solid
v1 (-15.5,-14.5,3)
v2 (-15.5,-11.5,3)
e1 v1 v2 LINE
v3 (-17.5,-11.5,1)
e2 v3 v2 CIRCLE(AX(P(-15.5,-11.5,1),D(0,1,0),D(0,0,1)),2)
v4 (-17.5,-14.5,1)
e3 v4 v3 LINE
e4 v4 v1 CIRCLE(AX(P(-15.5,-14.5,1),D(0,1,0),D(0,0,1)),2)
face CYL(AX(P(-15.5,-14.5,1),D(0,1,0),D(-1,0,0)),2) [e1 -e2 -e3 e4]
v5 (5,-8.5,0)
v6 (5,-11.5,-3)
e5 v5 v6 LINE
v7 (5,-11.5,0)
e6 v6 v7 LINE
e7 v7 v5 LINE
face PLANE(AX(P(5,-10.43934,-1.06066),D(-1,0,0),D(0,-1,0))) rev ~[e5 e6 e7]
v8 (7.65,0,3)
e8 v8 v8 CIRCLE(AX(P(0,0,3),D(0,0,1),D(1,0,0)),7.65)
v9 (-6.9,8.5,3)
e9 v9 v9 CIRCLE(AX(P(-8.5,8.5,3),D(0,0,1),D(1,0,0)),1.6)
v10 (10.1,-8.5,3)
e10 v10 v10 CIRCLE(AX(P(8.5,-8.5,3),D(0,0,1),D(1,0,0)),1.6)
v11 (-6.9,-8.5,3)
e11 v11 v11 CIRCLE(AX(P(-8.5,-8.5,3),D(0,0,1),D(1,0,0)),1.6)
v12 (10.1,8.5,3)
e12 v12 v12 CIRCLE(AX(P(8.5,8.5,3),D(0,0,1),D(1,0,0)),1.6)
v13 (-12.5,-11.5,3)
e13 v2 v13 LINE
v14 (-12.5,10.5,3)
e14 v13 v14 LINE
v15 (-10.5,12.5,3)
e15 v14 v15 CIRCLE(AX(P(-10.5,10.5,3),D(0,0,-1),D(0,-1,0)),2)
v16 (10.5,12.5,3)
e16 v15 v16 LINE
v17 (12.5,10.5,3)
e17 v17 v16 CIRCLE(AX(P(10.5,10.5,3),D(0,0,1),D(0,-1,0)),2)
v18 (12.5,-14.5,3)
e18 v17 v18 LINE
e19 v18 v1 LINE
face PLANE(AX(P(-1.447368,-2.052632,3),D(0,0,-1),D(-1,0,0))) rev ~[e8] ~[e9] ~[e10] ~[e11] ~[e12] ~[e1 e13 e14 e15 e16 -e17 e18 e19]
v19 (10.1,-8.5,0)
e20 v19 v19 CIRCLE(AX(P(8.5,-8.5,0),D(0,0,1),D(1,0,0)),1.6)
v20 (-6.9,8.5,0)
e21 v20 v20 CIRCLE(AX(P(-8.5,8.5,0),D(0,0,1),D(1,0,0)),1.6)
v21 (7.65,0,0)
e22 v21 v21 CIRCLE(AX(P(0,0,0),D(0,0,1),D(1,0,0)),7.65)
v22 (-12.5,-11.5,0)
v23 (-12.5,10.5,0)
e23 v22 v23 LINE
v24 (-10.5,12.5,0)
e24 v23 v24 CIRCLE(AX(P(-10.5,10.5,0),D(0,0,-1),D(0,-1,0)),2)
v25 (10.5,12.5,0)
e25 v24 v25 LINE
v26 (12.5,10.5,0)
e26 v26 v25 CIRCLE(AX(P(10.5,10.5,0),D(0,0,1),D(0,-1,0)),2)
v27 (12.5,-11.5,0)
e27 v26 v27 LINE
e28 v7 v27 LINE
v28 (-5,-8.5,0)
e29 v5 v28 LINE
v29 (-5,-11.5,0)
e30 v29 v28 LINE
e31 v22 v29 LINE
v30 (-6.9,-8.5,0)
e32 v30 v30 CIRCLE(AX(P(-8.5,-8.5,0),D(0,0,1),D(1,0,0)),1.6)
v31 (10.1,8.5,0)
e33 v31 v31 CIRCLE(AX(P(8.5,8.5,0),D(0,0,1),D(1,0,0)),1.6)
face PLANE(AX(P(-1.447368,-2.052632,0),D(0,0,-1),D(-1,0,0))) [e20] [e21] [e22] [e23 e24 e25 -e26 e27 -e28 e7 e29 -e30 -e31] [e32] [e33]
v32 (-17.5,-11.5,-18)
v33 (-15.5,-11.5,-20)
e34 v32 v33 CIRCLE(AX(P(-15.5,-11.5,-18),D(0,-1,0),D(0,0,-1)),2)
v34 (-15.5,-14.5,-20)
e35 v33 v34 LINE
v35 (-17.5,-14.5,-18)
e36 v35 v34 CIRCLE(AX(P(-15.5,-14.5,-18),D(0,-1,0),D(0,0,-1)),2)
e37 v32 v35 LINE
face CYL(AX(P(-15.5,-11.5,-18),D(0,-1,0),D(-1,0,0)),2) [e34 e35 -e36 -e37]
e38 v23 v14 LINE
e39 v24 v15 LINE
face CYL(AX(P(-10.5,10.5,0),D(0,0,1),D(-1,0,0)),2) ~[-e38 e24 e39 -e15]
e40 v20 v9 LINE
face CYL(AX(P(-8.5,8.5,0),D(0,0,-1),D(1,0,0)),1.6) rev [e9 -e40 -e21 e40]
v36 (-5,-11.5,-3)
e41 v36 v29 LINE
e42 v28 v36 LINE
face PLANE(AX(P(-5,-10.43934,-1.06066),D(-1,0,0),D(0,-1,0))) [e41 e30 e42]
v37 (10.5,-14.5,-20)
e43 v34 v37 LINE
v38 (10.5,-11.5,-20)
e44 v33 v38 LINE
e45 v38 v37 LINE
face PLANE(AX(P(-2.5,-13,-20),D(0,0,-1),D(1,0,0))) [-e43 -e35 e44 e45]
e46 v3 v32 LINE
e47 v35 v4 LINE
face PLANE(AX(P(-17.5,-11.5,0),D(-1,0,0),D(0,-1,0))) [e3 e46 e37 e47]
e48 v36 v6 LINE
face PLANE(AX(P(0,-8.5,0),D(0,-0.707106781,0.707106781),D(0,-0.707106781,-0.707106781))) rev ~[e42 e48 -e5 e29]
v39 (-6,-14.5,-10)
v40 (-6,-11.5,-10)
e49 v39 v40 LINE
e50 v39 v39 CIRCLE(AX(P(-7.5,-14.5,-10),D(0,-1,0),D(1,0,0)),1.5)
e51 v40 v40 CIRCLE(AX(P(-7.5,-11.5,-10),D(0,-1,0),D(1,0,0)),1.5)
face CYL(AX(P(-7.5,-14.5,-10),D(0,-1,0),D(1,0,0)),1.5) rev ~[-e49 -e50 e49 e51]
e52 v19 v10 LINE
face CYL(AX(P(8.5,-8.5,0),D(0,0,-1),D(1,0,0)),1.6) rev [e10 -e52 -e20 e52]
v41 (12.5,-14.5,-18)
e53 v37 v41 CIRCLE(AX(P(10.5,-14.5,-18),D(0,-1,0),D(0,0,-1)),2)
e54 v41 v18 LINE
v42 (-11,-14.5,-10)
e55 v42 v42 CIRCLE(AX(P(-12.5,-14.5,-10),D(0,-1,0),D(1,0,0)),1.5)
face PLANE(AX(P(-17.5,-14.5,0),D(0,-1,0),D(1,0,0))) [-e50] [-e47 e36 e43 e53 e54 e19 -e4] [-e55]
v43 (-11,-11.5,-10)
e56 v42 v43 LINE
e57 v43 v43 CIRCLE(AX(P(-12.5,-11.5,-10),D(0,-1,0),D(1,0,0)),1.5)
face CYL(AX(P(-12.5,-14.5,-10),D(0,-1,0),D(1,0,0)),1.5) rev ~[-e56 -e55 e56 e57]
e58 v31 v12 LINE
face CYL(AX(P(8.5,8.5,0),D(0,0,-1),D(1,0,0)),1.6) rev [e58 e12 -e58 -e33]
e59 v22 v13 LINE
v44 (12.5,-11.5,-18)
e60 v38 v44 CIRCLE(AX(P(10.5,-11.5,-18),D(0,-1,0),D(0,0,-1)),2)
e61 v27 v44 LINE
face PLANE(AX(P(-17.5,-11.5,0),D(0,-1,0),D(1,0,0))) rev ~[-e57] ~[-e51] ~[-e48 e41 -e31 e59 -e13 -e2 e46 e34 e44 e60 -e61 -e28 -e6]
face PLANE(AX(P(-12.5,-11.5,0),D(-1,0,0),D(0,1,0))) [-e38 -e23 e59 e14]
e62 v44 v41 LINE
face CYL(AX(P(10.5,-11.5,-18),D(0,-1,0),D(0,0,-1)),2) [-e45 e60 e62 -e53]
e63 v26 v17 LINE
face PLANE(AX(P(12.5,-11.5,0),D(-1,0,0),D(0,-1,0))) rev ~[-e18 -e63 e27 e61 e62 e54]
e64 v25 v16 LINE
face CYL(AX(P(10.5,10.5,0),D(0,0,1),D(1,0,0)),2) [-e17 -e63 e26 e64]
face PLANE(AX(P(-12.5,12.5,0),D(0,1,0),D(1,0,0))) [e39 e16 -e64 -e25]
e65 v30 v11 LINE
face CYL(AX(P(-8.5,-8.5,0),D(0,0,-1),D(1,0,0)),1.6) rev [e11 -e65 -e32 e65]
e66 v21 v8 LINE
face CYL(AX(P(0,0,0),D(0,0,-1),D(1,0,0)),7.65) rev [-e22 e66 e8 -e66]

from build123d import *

# Parameters (mm, degrees)
SKETCH_R     = 7.65
SKETCH_R_2   = 1.6
PAD_DEPTH    = 3
SKETCH001_W  = 30
SKETCH001_H  = 3
PAD001_DEPTH = 20
SKETCH002_R  = 1.5
POCKET_DEPTH = 27.001
PAD002_DEPTH = 5
FILLET_R     = 2
FILLET001_R  = 2
FILLET002_R  = 2


with BuildPart() as part:
    # Sketch → Pad (new body)
    with BuildSketch(Plane.XY):
        Polygon((-12.5, -11.5), (-12.5, 12.5), (12.5, 12.5), (12.5, -14.5), (-17.5, -14.5), (-17.5, -11.5), align=None)
        Circle(SKETCH_R, mode=Mode.SUBTRACT)
        with Locations((-8.5, 8.5)):
            Circle(SKETCH_R_2, mode=Mode.SUBTRACT)
        with Locations((8.5, 8.5)):
            Circle(SKETCH_R_2, mode=Mode.SUBTRACT)
        with Locations((8.5, -8.5)):
            Circle(SKETCH_R_2, mode=Mode.SUBTRACT)
        with Locations((-8.5, -8.5)):
            Circle(SKETCH_R_2, mode=Mode.SUBTRACT)
    extrude(amount=PAD_DEPTH)

    # Sketch001 (on Face12 of Pad) → Pad001 (join)
    with BuildSketch(Plane(origin=(0, 0, 0), x_dir=(1, 0, 0), z_dir=(0, 0, -1))):
        with Locations((-2.5, 13)):
            Rectangle(SKETCH001_W, SKETCH001_H)
    extrude(amount=PAD001_DEPTH)

    # Sketch002 (on Face18 of Pad001) → Pocket (cut, through all)
    with BuildSketch(Plane.XZ.offset(14.5)):
        with Locations((-12.5, -10)):
            Circle(SKETCH002_R)
        with Locations((-7.5, -10)):
            Circle(SKETCH002_R)
    extrude(amount=-POCKET_DEPTH, mode=Mode.SUBTRACT)

    # Sketch003 (on Face16 of Pocket) → Pad002 (join, symmetric)
    with BuildSketch(Plane.YZ):
        Polygon((-11.5, 0), (-8.5, 0), (-11.5, -3), align=None)
    extrude(amount=PAD002_DEPTH, both=True)

    # Fillet
    fillet_edges = [part.edges().sort_by_distance(p)[0] for p in [
        (-17.5, -13, 3),
    ]]
    fillet(fillet_edges, radius=FILLET_R)

    # Fillet001
    fillet001_edges = [part.edges().sort_by_distance(p)[0] for p in [
        (12.5, -13, -20),
        (-17.5, -13, -20),
    ]]
    fillet(fillet001_edges, radius=FILLET001_R)

    # Fillet002
    fillet002_edges = [part.edges().sort_by_distance(p)[0] for p in [
        (12.5, 12.5, 1.5),
        (-12.5, 12.5, 1.5),
    ]]
    fillet(fillet002_edges, radius=FILLET002_R)


solid = part.part
